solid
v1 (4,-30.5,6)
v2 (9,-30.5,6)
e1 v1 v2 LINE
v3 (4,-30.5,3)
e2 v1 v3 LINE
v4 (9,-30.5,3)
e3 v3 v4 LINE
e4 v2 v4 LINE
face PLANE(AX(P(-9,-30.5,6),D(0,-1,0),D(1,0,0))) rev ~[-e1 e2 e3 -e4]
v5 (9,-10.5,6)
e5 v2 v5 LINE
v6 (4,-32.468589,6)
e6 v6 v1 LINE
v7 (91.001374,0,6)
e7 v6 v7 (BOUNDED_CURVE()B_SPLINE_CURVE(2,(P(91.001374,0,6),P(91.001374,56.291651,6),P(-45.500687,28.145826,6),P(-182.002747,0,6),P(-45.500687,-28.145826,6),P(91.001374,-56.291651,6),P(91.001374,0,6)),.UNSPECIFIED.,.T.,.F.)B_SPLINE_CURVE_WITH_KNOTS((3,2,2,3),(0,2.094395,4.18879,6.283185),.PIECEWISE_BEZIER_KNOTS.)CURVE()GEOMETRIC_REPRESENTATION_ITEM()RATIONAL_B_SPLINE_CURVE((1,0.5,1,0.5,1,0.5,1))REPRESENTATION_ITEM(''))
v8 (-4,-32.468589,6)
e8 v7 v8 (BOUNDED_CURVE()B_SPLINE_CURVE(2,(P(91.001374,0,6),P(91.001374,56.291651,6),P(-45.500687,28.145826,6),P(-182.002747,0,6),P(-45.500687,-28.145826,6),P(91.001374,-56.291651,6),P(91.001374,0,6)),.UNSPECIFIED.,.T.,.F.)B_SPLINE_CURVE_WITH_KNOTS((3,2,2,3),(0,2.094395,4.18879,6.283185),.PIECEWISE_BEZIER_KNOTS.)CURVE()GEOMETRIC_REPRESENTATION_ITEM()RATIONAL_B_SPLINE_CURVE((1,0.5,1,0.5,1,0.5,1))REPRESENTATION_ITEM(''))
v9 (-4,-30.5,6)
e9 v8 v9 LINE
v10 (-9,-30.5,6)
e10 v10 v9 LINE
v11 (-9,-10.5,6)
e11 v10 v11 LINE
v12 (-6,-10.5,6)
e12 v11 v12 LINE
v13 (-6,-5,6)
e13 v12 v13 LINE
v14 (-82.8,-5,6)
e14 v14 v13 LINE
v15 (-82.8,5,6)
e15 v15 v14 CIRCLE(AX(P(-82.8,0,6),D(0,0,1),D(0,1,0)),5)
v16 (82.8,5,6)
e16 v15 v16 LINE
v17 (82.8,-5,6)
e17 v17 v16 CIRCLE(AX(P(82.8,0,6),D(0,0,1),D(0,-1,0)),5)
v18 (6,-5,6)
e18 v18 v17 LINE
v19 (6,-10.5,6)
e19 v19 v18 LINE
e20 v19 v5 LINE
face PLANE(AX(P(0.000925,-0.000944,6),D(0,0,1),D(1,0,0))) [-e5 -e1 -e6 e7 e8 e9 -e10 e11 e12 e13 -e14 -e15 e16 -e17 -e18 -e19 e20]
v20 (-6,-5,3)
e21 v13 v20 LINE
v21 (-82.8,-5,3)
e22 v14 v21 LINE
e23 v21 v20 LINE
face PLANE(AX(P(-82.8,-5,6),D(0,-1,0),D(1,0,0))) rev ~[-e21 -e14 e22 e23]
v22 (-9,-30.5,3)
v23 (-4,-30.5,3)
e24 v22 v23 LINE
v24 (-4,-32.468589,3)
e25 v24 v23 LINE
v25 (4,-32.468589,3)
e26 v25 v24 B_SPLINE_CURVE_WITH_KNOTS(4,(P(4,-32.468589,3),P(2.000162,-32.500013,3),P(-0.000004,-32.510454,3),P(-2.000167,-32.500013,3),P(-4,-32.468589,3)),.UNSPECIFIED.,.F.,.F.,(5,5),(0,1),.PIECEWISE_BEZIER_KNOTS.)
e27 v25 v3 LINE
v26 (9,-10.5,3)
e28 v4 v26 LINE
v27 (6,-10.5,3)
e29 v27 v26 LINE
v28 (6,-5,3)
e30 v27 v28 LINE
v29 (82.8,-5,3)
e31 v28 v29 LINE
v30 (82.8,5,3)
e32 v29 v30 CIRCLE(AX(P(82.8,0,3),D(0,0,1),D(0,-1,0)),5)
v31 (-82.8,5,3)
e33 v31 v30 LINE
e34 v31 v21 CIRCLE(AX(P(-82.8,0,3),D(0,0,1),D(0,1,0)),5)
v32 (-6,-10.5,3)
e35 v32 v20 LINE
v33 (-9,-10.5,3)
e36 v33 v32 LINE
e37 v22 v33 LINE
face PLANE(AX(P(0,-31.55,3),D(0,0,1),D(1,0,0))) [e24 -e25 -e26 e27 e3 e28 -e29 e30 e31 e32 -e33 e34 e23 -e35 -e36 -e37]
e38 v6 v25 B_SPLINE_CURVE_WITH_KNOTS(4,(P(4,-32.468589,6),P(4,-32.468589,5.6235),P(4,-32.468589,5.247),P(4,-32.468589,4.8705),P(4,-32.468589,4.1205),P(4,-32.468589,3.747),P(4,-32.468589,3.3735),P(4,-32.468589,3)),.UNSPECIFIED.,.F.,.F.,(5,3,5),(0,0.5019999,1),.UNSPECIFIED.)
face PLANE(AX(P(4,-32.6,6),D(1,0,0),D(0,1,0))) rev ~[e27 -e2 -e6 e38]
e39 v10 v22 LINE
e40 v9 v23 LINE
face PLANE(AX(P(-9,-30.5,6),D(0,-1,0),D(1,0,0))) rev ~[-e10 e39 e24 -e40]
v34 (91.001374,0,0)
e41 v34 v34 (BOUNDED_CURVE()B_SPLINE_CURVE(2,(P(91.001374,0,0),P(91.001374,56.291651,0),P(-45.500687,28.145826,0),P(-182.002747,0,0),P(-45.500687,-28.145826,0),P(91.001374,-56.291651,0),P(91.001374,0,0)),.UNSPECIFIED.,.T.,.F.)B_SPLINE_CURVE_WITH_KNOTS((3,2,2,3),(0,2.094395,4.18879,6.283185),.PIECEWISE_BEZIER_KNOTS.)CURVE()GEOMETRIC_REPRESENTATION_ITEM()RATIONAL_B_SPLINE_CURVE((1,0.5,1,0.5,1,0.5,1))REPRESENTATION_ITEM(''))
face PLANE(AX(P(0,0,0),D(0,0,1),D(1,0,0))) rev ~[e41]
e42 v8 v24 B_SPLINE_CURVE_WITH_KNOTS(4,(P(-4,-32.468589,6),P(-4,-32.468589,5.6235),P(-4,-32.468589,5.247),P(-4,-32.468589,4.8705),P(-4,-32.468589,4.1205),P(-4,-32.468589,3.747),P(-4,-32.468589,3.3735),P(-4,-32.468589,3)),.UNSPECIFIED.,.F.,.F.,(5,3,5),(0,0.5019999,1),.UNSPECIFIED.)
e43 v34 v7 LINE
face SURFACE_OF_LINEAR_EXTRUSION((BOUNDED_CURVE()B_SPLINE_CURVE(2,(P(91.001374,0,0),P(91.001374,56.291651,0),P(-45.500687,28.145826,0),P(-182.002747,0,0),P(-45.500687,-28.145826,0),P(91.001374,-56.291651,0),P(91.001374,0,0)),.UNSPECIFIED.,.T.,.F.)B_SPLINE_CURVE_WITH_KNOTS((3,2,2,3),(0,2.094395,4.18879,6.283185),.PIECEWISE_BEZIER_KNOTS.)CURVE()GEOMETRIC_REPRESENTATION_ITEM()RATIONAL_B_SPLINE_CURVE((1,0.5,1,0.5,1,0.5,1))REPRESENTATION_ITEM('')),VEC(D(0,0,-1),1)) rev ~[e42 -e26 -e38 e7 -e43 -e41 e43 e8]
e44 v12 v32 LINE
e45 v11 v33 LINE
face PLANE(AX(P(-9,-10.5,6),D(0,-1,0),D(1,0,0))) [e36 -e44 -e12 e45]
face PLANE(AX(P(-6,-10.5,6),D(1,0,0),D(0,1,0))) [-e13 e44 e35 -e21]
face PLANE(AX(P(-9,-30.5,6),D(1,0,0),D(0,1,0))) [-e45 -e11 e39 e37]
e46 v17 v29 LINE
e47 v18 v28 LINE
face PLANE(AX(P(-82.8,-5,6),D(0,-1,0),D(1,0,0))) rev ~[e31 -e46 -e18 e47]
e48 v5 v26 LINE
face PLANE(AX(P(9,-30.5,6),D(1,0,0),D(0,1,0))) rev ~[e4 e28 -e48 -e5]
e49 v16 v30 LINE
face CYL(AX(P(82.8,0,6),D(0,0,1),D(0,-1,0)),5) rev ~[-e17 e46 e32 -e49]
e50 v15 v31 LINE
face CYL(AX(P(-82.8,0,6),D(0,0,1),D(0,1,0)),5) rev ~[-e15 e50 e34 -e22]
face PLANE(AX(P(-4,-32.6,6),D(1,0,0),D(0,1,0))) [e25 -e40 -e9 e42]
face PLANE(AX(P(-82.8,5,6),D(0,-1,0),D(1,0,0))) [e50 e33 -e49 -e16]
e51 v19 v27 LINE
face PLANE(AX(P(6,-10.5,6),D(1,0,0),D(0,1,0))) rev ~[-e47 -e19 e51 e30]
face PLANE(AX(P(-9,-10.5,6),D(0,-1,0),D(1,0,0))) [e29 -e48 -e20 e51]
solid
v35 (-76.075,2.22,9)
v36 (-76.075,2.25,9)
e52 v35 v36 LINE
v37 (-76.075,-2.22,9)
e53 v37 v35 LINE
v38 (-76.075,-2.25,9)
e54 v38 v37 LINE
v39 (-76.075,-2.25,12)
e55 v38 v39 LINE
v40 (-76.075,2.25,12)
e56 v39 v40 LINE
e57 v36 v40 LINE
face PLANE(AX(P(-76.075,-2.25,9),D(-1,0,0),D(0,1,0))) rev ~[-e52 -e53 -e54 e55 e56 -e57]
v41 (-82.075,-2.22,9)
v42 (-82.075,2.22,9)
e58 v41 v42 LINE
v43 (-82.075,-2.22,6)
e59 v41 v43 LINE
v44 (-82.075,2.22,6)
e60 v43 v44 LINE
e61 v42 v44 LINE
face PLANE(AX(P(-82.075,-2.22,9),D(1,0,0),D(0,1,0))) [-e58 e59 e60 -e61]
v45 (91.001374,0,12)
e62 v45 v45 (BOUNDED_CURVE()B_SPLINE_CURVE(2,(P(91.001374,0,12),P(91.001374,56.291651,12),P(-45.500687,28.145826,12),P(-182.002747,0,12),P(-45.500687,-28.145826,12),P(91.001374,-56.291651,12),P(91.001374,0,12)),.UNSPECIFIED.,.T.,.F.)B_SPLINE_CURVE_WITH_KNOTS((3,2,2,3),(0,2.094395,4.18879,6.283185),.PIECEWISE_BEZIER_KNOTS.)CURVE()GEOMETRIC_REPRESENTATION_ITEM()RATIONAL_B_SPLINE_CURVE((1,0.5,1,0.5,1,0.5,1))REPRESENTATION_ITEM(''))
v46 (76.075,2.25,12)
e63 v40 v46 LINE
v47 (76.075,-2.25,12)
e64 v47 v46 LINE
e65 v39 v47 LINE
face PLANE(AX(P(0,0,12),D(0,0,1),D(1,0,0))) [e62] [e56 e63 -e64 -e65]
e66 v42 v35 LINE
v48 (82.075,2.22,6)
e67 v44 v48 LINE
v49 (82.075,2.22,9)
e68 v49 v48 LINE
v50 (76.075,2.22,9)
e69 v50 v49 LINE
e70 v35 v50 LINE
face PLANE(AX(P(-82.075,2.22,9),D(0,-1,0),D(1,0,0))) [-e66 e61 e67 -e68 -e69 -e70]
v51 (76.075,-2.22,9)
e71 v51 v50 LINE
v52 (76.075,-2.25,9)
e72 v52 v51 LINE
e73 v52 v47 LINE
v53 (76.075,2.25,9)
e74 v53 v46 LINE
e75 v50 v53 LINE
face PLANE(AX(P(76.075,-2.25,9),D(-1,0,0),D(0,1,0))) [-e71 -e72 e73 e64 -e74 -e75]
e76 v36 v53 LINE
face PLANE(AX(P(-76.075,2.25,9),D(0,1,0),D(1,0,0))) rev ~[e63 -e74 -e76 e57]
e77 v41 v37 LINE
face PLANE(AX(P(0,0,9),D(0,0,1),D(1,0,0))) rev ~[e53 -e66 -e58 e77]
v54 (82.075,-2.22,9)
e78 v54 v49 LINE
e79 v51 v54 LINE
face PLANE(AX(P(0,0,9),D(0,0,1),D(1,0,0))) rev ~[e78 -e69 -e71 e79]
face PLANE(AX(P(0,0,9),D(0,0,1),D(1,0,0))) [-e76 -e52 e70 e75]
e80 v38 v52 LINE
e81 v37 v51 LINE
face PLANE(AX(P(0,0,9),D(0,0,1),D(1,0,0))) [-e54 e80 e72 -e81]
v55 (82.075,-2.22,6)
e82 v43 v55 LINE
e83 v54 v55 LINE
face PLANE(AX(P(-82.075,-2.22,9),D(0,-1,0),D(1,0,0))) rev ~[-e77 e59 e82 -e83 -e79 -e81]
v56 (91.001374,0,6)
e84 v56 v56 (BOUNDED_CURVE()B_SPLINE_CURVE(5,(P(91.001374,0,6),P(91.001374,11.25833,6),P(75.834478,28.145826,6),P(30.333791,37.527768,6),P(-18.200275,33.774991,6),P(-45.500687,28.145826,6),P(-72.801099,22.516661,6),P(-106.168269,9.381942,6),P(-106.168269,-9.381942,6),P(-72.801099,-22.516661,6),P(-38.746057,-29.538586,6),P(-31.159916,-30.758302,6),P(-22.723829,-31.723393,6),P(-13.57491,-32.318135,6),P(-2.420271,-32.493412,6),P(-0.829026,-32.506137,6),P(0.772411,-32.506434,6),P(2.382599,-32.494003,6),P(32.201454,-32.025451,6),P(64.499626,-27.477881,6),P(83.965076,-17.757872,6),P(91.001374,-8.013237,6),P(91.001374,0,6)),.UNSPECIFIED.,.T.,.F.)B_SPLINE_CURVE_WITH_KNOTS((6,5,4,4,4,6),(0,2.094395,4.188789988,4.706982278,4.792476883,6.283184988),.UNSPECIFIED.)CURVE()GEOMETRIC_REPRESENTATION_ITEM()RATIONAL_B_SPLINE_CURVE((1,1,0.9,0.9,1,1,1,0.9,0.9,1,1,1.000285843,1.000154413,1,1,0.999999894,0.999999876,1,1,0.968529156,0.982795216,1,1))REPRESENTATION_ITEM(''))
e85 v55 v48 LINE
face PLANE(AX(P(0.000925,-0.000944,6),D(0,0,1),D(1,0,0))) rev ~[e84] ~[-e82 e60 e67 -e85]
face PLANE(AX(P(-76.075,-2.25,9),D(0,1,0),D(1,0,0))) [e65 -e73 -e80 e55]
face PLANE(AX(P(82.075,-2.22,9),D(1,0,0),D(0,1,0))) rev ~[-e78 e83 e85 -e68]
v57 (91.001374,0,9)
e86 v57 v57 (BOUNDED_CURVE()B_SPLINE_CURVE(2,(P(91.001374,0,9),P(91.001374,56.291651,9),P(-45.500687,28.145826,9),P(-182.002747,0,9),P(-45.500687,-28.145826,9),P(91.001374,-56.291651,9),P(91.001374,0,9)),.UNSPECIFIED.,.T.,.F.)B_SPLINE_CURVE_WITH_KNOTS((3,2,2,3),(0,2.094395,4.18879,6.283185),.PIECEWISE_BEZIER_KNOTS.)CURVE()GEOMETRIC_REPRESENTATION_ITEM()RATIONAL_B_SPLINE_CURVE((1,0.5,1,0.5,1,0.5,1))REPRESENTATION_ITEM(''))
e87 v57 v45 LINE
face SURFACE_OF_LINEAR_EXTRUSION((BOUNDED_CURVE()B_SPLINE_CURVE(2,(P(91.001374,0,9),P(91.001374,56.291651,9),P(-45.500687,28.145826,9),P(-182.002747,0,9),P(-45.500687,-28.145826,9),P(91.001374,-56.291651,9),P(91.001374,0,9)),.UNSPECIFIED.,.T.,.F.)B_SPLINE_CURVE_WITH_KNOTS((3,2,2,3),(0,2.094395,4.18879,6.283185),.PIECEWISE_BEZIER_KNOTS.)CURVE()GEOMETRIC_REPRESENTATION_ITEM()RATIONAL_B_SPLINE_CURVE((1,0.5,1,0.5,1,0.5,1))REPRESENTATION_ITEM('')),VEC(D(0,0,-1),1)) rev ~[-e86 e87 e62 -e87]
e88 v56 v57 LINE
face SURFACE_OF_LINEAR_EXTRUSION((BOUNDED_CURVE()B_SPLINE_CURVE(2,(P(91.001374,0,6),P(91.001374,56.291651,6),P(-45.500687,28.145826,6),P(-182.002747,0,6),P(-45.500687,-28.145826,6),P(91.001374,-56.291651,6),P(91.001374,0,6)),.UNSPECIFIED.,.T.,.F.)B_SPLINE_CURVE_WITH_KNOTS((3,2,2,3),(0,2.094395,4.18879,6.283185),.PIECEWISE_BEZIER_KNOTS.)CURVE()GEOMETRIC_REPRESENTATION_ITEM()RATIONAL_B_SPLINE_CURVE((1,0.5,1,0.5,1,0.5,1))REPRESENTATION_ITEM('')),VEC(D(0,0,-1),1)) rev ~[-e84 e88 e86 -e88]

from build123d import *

# Parameters (mm, degrees)
BOX_BOTTOM_HALF_0_W     = 184.000896
BOX_BOTTOM_HALF_0_H     = 66.997861
BOX_BOTTOM_HALF_0_DEPTH = 7
PAD_DEPTH               = 6
POCKET_DEPTH            = 3
SKETCH002_W             = 18
SKETCH002_H             = 20
POCKET001_DEPTH         = 3
SKETCH003_W             = 12
SKETCH003_H             = 5.5
SKETCH003_W_2           = 8
SKETCH003_H_2           = 2.1
POCKET002_DEPTH         = 3
PAD001_DEPTH            = 3
SKETCH005_W             = 164.15
SKETCH005_H             = 4.44
POCKET003_DEPTH         = 3
SKETCH006_W             = 152.15
SKETCH006_H             = 4.5
PAD002_DEPTH            = 3


with BuildPart() as box_bottom_half_0_body:
    # box_bottom_half_0 → box_bottom_half_0 (new body)
    with BuildSketch(Plane(origin=(-91.999523, -33.499875, -1), x_dir=(1, 0, 0), z_dir=(0, 0, 1))):
        with Locations((92.000448, 33.498931)):
            Rectangle(BOX_BOTTOM_HALF_0_W, BOX_BOTTOM_HALF_0_H)
    extrude(amount=BOX_BOTTOM_HALF_0_DEPTH)


with BuildPart() as body:
    # Sketch → Pad (new body)
    with BuildSketch(Plane.XY):
        with BuildLine():
            add(Edge.make_bspline(
                [(91.001374, 0), (91.001374, 56.291651), (-45.500687, 28.145826), (-182.002747, 0), (-45.500687, -28.145826), (91.001374, -56.291651), (91.001374, 0)],
                knots=[0, 0, 0, 2.094395, 2.094395, 4.18879, 4.18879, 6.283185, 6.283185, 6.283185], degree=2, weights=[1, 0.5, 1, 0.5, 1, 0.5, 1]))
        make_face()
    extrude(amount=PAD_DEPTH)

    # Sketch001 (on Face3 of Pad) → Pocket (cut)
    with BuildSketch(Plane.XY.offset(6)):
        with BuildLine():
            ThreePointArc((-82.8, 5), (-87.8, 0), (-82.8, -5))
            Line((-82.8, -5), (82.8, -5))
            ThreePointArc((82.8, -5), (87.8, 0), (82.8, 5))
            Line((-82.8, 5), (82.8, 5))
        make_face()
    extrude(amount=-POCKET_DEPTH, mode=Mode.SUBTRACT)

    # Sketch002 (on Face3 of Pocket) → Pocket001 (cut)
    with BuildSketch(Plane.XY.offset(6)):
        with Locations((0, -20.5)):
            Rectangle(SKETCH002_W, SKETCH002_H)
    extrude(amount=-POCKET001_DEPTH, mode=Mode.SUBTRACT)

    # Sketch003 (on Face3 of Pocket001) → Pocket002 (cut)
    with BuildSketch(Plane.XY.offset(6)):
        with Locations((0, -7.75)):
            Rectangle(SKETCH003_W, SKETCH003_H)
        with Locations((0, -31.55)):
            Rectangle(SKETCH003_W_2, SKETCH003_H_2)
    extrude(amount=-POCKET002_DEPTH, mode=Mode.SUBTRACT)

    # Sketch004 (on Face3 of Pocket002) → Pad001 (join)
    with BuildSketch(Plane.XY.offset(6)):
        with BuildLine():
            add(Edge.make_bspline(
                [(91.001374, 0), (91.001374, 56.291651), (-45.500687, 28.145826), (-182.002747, 0), (-45.500687, -28.145826), (91.001374, -56.291651), (91.001374, 0)],
                knots=[0, 0, 0, 2.094395, 2.094395, 4.18879, 4.18879, 6.283185, 6.283185, 6.283185], degree=2, weights=[1, 0.5, 1, 0.5, 1, 0.5, 1]))
        make_face()
    extrude(amount=PAD001_DEPTH)

    # Sketch005 (on Face8 of Pad001) → Pocket003 (cut)
    with BuildSketch(Plane.XY.offset(9)):
        Rectangle(SKETCH005_W, SKETCH005_H)
    extrude(amount=-POCKET003_DEPTH, mode=Mode.SUBTRACT)

    # Sketch006 (on Face8 of Pocket003) → Pad002 (join)
    with BuildSketch(Plane.XY.offset(9)):
        with BuildLine():
            add(Edge.make_bspline(
                [(91.001374, 0), (91.001374, 56.291651), (-45.500687, 28.145826), (-182.002747, 0), (-45.500687, -28.145826), (91.001374, -56.291651), (91.001374, 0)],
                knots=[0, 0, 0, 2.094395, 2.094395, 4.18879, 4.18879, 6.283185, 6.283185, 6.283185], degree=2, weights=[1, 0.5, 1, 0.5, 1, 0.5, 1]))
        make_face()
        Rectangle(SKETCH006_W, SKETCH006_H, mode=Mode.SUBTRACT)
    extrude(amount=PAD002_DEPTH)


with BuildPart() as bottom_half_0_body:
    # bottom_half_0 base: copy of Body
    add(body.part)

    # bottom_half_0: intersect box_bottom_half_0 body
    add(box_bottom_half_0_body.part, mode=Mode.INTERSECT)


with BuildPart() as top_half_0_body:
    # top_half_0 base: copy of Body
    add(body.part)

    # top_half_0: cut box_bottom_half_0 body
    add(box_bottom_half_0_body.part, mode=Mode.SUBTRACT)


solid = Compound([bottom_half_0_body.part, top_half_0_body.part])
